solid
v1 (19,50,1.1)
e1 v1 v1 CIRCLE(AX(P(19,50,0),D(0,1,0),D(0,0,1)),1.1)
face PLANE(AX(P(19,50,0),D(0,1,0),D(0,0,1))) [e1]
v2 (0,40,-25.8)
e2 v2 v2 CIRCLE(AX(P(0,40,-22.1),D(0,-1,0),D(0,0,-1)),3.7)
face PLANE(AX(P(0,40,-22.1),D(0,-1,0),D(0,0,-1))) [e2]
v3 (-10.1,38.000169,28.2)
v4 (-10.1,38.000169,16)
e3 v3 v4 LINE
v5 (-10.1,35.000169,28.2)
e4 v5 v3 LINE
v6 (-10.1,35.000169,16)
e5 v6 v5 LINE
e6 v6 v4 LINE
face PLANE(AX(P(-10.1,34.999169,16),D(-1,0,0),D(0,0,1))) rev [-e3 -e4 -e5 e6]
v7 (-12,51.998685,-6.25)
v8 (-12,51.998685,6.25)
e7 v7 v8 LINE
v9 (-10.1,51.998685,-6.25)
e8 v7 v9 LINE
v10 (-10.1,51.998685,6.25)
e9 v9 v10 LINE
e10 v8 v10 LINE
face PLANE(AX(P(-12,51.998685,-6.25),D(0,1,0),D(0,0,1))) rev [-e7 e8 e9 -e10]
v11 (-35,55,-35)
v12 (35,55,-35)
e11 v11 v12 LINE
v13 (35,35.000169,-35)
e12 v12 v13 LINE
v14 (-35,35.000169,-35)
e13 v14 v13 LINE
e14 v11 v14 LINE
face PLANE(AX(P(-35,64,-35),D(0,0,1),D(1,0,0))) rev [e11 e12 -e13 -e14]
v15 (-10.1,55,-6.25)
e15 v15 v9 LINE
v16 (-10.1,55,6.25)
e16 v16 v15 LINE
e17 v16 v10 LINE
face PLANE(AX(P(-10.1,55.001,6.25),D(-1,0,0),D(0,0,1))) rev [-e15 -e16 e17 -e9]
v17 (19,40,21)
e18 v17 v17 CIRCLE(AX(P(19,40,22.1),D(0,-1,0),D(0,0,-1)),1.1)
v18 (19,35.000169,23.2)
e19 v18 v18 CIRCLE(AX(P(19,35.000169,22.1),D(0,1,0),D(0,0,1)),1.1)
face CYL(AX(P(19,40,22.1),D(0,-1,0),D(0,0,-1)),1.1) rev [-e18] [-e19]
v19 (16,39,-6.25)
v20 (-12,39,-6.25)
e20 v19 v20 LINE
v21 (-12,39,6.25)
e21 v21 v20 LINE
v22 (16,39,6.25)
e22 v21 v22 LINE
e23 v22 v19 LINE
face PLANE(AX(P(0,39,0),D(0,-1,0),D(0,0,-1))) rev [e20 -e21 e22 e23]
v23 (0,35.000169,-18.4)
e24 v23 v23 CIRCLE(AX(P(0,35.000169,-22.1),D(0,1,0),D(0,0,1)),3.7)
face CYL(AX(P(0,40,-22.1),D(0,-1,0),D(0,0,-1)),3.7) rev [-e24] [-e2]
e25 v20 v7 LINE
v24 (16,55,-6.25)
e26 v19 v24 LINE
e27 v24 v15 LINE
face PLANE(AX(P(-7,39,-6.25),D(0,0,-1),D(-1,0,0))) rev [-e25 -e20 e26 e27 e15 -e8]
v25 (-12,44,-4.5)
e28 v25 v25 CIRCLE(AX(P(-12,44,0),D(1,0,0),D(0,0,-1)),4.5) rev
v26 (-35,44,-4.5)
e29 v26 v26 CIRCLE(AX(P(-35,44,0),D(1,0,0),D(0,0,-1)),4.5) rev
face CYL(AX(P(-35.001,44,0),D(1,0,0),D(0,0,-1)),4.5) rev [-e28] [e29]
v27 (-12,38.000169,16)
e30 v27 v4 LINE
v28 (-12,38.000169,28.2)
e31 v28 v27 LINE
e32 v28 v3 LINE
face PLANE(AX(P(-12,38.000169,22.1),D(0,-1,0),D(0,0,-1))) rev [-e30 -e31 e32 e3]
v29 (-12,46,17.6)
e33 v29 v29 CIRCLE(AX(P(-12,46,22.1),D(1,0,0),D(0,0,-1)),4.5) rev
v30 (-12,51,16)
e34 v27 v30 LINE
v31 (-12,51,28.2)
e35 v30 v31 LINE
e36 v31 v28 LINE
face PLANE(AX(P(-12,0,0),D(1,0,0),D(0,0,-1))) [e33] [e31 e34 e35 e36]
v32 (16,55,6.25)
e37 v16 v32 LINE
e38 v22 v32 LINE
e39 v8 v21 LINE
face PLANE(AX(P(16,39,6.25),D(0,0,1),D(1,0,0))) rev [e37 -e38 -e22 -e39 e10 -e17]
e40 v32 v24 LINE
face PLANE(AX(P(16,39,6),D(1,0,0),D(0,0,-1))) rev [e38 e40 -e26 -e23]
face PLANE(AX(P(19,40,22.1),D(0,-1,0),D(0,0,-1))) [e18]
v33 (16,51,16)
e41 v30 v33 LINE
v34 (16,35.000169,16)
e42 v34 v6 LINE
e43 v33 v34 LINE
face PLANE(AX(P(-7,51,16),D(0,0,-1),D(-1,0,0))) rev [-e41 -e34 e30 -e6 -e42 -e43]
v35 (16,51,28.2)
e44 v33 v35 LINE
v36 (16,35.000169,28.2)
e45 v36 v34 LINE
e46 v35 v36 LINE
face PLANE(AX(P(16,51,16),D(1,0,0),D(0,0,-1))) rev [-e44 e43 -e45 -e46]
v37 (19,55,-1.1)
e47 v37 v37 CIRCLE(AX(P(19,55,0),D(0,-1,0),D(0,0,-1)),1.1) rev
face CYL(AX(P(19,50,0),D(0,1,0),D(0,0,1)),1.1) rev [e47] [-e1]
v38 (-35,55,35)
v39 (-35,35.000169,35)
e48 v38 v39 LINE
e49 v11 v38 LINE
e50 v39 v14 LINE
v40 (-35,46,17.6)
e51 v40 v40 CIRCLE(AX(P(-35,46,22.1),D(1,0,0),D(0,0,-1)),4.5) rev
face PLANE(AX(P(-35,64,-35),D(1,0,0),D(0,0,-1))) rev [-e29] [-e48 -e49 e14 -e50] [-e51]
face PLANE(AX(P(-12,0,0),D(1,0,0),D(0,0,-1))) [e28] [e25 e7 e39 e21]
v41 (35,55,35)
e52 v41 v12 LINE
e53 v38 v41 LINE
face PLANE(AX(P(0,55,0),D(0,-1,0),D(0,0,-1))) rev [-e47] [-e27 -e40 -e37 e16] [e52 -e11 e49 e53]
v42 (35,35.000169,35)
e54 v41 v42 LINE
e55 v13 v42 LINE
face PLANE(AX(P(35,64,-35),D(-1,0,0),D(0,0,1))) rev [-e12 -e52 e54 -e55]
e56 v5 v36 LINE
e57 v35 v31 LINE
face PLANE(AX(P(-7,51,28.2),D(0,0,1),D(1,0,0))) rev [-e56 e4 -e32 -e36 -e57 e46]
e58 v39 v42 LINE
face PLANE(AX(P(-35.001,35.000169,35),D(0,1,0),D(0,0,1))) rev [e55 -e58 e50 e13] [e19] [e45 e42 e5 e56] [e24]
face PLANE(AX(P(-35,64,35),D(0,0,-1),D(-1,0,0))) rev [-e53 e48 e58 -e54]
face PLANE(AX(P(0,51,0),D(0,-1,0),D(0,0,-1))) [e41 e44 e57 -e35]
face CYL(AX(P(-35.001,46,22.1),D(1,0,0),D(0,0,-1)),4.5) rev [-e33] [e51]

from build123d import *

# Parameters (mm, degrees)
CROQUIS1_W              = 64
CROQUIS1_H              = 64
SALIENTE_EXTRUIR1_DEPTH = 60
CROQUIS2_W              = 70
CROQUIS2_H              = 70
CROQUIS2_W_2            = 64
CROQUIS2_H_2            = 64
SALIENTE_EXTRUIR2_DEPTH = 64
CORTAR_EXTRUIR1_DEPTH   = 21
CROQUIS5_R              = 1.1
CORTAR_EXTRUIR2_DEPTH   = 10
CORTAR_EXTRUIR3_REACH   = 30
CROQUIS10_R             = 4.5
CROQUIS11_W             = 70
CROQUIS11_H             = 70
CORTAR_EXTRUIR4_DEPTH   = 30
CROQUIS12_W             = 23
CROQUIS12_H             = 12.2
CORTAR_EXTRUIR5_DEPTH   = 21
CORTAR_EXTRUIR6_REACH   = 30
CROQUIS13_R             = 4.5
CROQUIS14_R             = 1.1
CORTAR_EXTRUIR7_DEPTH   = 10
CROQUIS15_R             = 3.7
CORTAR_EXTRUIR8_DEPTH   = 10
CROQUIS16_W             = 64
CROQUIS16_H             = 64
CORTAR_EXTRUIR9_DEPTH   = 5
CROQUIS17_W             = 12.5
CROQUIS17_H             = 12.998685397
CORTAR_EXTRUIR10_DEPTH  = 5
CORTAR_EXTRUIR11_REACH  = 72
CROQUIS18_W             = 70
CROQUIS18_H             = 9
CROQUIS18_H_2           = 5.000169364
CORTAR_EXTRUIR13_DEPTH  = 5
CORTAR_EXTRUIR16_REACH  = 5.001
CROQUIS23_W             = 3.1
CROQUIS23_H             = 12.5
CORTAR_EXTRUIR17_REACH  = 5
CROQUIS22_W             = 3.1
CROQUIS22_H             = 12.2


with BuildPart() as part:
    # Croquis1 → Saliente-Extruir1 (new body)
    with BuildSketch(Plane(origin=(0, 0, 0), x_dir=(1, 0, 0), z_dir=(0, 1, 0))):
        Rectangle(CROQUIS1_W, CROQUIS1_H)
    extrude(amount=SALIENTE_EXTRUIR1_DEPTH)

    # Croquis2 → Saliente-Extruir2 (add)
    with BuildSketch(Plane(origin=(0, 0, 0), x_dir=(1, 0, 0), z_dir=(0, 1, 0))):
        Rectangle(CROQUIS2_W, CROQUIS2_H)
        Rectangle(CROQUIS2_W_2, CROQUIS2_H_2, mode=Mode.SUBTRACT)
    extrude(amount=SALIENTE_EXTRUIR2_DEPTH)

    # Croquis4 → Cortar-Extruir1 (cut)
    with BuildSketch(Plane(origin=(0, 60, 0), x_dir=(1, 0, 0), z_dir=(0, 1, 0))):
        Polygon((-7, 6), (-7, -6), (-7, -6.25), (16, -6.25), (16, -6), (16, 6), (16, 6.25), (-7, 6.25), align=None)
    extrude(amount=-CORTAR_EXTRUIR1_DEPTH, mode=Mode.SUBTRACT)

    # Croquis5 → Cortar-Extruir2 (cut)
    with BuildSketch(Plane(origin=(0, 60, 0), x_dir=(1, 0, 0), z_dir=(0, 1, 0))):
        with Locations((19, 0)):
            Circle(CROQUIS5_R)
        with Locations((-9, 0)):
            Circle(CROQUIS5_R)
    extrude(amount=-CORTAR_EXTRUIR2_DEPTH, mode=Mode.SUBTRACT)

    # Croquis10 → Cortar-Extruir3 (cut, up to next)
    with BuildSketch(Plane(origin=(-7, 0, 0), x_dir=(0, 0, -1), z_dir=(1, 0, 0)), mode=Mode.PRIVATE) as cortar_extruir3_sk1:
        with Locations((0, 44)):
            Circle(CROQUIS10_R)
    cortar_extruir3_tool1 = extrude(cortar_extruir3_sk1.sketch, amount=-CORTAR_EXTRUIR3_REACH, mode=Mode.PRIVATE) & part.part
    add(cortar_extruir3_tool1.solids().sort_by_distance((-7, 44, 0))[0], mode=Mode.SUBTRACT)

    # Croquis11 → Cortar-Extruir4 (cut)
    with BuildSketch(Plane.XZ):
        Rectangle(CROQUIS11_W, CROQUIS11_H)
    extrude(amount=-CORTAR_EXTRUIR4_DEPTH, mode=Mode.SUBTRACT)

    # Croquis12 → Cortar-Extruir5 (cut)
    with BuildSketch(Plane.XZ.offset(-30)):
        with Locations((4.5, 22.1)):
            Rectangle(CROQUIS12_W, CROQUIS12_H)
    extrude(amount=-CORTAR_EXTRUIR5_DEPTH, mode=Mode.SUBTRACT)

    # Croquis13 → Cortar-Extruir6 (cut, up to next)
    with BuildSketch(Plane(origin=(-7, 0, 0), x_dir=(0, 0, -1), z_dir=(1, 0, 0)), mode=Mode.PRIVATE) as cortar_extruir6_sk1:
        with Locations((-22.1, 46)):
            Circle(CROQUIS13_R)
    cortar_extruir6_tool1 = extrude(cortar_extruir6_sk1.sketch, amount=-CORTAR_EXTRUIR6_REACH, mode=Mode.PRIVATE) & part.part
    add(cortar_extruir6_tool1.solids().sort_by_distance((-7, 46, 22.1))[0], mode=Mode.SUBTRACT)

    # Croquis14 → Cortar-Extruir7 (cut)
    with BuildSketch(Plane.XZ.offset(-30)):
        with Locations((19, 22.1)):
            Circle(CROQUIS14_R)
        with Locations((-9, 22.1)):
            Circle(CROQUIS14_R)
    extrude(amount=-CORTAR_EXTRUIR7_DEPTH, mode=Mode.SUBTRACT)

    # Croquis15 → Cortar-Extruir8 (cut)
    with BuildSketch(Plane.XZ.offset(-30)):
        with Locations((0, -22.1)):
            Circle(CROQUIS15_R)
    extrude(amount=-CORTAR_EXTRUIR8_DEPTH, mode=Mode.SUBTRACT)

    # Croquis16 → Cortar-Extruir9 (cut)
    with BuildSketch(Plane(origin=(0, 60, 0), x_dir=(1, 0, 0), z_dir=(0, 1, 0))):
        Rectangle(CROQUIS16_W, CROQUIS16_H)
    extrude(amount=-CORTAR_EXTRUIR9_DEPTH, mode=Mode.SUBTRACT)

    # Croquis17 → Cortar-Extruir10 (cut)
    with BuildSketch(Plane(origin=(-7, 0, 0), x_dir=(0, 0, -1), z_dir=(1, 0, 0))):
        with Locations((0, 45.499342699)):
            Rectangle(CROQUIS17_W, CROQUIS17_H)
    extrude(amount=-CORTAR_EXTRUIR10_DEPTH, mode=Mode.SUBTRACT)

    # Croquis18 → Cortar-Extruir11 (cut, up to next)
    with BuildSketch(Plane(origin=(35, 0, 0), x_dir=(0, 0, -1), z_dir=(1, 0, 0)), mode=Mode.PRIVATE) as cortar_extruir11_sk1:
        with Locations((0, 59.5)):
            Rectangle(CROQUIS18_W, CROQUIS18_H)
    cortar_extruir11_tool1 = extrude(cortar_extruir11_sk1.sketch, amount=-CORTAR_EXTRUIR11_REACH, mode=Mode.PRIVATE) & part.part
    add(cortar_extruir11_tool1.solids().sort_by_distance((35, 59.5, 0))[0], mode=Mode.SUBTRACT)
    # Croquis18 → Cortar-Extruir11 (cut, up to next)
    with BuildSketch(Plane(origin=(35, 0, 0), x_dir=(0, 0, -1), z_dir=(1, 0, 0)), mode=Mode.PRIVATE) as cortar_extruir11_sk2:
        with Locations((0, 32.500084682)):
            Rectangle(CROQUIS18_W, CROQUIS18_H_2)
    cortar_extruir11_tool2 = extrude(cortar_extruir11_sk2.sketch, amount=-CORTAR_EXTRUIR11_REACH, mode=Mode.PRIVATE) & part.part
    add(cortar_extruir11_tool2.solids().sort_by_distance((35, 32.500085, 0))[0], mode=Mode.SUBTRACT)

    # Croquis19 → Cortar-Extruir13 (cut)
    with BuildSketch(Plane(origin=(-7, 0, 0), x_dir=(0, 0, -1), z_dir=(1, 0, 0))):
        Polygon((-16, 51), (-28.2, 51), (-28.2, 38.000169364), (-22.1, 38.000169364), (-16, 38.000169364), align=None)
    extrude(amount=-CORTAR_EXTRUIR13_DEPTH, mode=Mode.SUBTRACT)

    # Croquis23 → Cortar-Extruir16 (cut, up to next)
    with BuildSketch(Plane.XZ.offset(-51.998685397), mode=Mode.PRIVATE) as cortar_extruir16_sk1:
        with Locations((-8.55, 0)):
            Rectangle(CROQUIS23_W, CROQUIS23_H)
    cortar_extruir16_tool1 = extrude(cortar_extruir16_sk1.sketch, amount=-CORTAR_EXTRUIR16_REACH, mode=Mode.PRIVATE) & part.part
    add(cortar_extruir16_tool1.solids().sort_by_distance((-8.55, 51.998685, 0))[0], mode=Mode.SUBTRACT)

    # Croquis22 → Cortar-Extruir17 (cut, up to next)
    with BuildSketch(Plane(origin=(0, 38.000169364, 0), x_dir=(1, 0, 0), z_dir=(0, 1, 0)), mode=Mode.PRIVATE) as cortar_extruir17_sk1:
        with Locations((-8.55, -22.1)):
            Rectangle(CROQUIS22_W, CROQUIS22_H)
    cortar_extruir17_tool1 = extrude(cortar_extruir17_sk1.sketch, amount=-CORTAR_EXTRUIR17_REACH, mode=Mode.PRIVATE) & part.part
    add(cortar_extruir17_tool1.solids().sort_by_distance((-8.55, 38.000169, 22.1))[0], mode=Mode.SUBTRACT)


solid = part.part
